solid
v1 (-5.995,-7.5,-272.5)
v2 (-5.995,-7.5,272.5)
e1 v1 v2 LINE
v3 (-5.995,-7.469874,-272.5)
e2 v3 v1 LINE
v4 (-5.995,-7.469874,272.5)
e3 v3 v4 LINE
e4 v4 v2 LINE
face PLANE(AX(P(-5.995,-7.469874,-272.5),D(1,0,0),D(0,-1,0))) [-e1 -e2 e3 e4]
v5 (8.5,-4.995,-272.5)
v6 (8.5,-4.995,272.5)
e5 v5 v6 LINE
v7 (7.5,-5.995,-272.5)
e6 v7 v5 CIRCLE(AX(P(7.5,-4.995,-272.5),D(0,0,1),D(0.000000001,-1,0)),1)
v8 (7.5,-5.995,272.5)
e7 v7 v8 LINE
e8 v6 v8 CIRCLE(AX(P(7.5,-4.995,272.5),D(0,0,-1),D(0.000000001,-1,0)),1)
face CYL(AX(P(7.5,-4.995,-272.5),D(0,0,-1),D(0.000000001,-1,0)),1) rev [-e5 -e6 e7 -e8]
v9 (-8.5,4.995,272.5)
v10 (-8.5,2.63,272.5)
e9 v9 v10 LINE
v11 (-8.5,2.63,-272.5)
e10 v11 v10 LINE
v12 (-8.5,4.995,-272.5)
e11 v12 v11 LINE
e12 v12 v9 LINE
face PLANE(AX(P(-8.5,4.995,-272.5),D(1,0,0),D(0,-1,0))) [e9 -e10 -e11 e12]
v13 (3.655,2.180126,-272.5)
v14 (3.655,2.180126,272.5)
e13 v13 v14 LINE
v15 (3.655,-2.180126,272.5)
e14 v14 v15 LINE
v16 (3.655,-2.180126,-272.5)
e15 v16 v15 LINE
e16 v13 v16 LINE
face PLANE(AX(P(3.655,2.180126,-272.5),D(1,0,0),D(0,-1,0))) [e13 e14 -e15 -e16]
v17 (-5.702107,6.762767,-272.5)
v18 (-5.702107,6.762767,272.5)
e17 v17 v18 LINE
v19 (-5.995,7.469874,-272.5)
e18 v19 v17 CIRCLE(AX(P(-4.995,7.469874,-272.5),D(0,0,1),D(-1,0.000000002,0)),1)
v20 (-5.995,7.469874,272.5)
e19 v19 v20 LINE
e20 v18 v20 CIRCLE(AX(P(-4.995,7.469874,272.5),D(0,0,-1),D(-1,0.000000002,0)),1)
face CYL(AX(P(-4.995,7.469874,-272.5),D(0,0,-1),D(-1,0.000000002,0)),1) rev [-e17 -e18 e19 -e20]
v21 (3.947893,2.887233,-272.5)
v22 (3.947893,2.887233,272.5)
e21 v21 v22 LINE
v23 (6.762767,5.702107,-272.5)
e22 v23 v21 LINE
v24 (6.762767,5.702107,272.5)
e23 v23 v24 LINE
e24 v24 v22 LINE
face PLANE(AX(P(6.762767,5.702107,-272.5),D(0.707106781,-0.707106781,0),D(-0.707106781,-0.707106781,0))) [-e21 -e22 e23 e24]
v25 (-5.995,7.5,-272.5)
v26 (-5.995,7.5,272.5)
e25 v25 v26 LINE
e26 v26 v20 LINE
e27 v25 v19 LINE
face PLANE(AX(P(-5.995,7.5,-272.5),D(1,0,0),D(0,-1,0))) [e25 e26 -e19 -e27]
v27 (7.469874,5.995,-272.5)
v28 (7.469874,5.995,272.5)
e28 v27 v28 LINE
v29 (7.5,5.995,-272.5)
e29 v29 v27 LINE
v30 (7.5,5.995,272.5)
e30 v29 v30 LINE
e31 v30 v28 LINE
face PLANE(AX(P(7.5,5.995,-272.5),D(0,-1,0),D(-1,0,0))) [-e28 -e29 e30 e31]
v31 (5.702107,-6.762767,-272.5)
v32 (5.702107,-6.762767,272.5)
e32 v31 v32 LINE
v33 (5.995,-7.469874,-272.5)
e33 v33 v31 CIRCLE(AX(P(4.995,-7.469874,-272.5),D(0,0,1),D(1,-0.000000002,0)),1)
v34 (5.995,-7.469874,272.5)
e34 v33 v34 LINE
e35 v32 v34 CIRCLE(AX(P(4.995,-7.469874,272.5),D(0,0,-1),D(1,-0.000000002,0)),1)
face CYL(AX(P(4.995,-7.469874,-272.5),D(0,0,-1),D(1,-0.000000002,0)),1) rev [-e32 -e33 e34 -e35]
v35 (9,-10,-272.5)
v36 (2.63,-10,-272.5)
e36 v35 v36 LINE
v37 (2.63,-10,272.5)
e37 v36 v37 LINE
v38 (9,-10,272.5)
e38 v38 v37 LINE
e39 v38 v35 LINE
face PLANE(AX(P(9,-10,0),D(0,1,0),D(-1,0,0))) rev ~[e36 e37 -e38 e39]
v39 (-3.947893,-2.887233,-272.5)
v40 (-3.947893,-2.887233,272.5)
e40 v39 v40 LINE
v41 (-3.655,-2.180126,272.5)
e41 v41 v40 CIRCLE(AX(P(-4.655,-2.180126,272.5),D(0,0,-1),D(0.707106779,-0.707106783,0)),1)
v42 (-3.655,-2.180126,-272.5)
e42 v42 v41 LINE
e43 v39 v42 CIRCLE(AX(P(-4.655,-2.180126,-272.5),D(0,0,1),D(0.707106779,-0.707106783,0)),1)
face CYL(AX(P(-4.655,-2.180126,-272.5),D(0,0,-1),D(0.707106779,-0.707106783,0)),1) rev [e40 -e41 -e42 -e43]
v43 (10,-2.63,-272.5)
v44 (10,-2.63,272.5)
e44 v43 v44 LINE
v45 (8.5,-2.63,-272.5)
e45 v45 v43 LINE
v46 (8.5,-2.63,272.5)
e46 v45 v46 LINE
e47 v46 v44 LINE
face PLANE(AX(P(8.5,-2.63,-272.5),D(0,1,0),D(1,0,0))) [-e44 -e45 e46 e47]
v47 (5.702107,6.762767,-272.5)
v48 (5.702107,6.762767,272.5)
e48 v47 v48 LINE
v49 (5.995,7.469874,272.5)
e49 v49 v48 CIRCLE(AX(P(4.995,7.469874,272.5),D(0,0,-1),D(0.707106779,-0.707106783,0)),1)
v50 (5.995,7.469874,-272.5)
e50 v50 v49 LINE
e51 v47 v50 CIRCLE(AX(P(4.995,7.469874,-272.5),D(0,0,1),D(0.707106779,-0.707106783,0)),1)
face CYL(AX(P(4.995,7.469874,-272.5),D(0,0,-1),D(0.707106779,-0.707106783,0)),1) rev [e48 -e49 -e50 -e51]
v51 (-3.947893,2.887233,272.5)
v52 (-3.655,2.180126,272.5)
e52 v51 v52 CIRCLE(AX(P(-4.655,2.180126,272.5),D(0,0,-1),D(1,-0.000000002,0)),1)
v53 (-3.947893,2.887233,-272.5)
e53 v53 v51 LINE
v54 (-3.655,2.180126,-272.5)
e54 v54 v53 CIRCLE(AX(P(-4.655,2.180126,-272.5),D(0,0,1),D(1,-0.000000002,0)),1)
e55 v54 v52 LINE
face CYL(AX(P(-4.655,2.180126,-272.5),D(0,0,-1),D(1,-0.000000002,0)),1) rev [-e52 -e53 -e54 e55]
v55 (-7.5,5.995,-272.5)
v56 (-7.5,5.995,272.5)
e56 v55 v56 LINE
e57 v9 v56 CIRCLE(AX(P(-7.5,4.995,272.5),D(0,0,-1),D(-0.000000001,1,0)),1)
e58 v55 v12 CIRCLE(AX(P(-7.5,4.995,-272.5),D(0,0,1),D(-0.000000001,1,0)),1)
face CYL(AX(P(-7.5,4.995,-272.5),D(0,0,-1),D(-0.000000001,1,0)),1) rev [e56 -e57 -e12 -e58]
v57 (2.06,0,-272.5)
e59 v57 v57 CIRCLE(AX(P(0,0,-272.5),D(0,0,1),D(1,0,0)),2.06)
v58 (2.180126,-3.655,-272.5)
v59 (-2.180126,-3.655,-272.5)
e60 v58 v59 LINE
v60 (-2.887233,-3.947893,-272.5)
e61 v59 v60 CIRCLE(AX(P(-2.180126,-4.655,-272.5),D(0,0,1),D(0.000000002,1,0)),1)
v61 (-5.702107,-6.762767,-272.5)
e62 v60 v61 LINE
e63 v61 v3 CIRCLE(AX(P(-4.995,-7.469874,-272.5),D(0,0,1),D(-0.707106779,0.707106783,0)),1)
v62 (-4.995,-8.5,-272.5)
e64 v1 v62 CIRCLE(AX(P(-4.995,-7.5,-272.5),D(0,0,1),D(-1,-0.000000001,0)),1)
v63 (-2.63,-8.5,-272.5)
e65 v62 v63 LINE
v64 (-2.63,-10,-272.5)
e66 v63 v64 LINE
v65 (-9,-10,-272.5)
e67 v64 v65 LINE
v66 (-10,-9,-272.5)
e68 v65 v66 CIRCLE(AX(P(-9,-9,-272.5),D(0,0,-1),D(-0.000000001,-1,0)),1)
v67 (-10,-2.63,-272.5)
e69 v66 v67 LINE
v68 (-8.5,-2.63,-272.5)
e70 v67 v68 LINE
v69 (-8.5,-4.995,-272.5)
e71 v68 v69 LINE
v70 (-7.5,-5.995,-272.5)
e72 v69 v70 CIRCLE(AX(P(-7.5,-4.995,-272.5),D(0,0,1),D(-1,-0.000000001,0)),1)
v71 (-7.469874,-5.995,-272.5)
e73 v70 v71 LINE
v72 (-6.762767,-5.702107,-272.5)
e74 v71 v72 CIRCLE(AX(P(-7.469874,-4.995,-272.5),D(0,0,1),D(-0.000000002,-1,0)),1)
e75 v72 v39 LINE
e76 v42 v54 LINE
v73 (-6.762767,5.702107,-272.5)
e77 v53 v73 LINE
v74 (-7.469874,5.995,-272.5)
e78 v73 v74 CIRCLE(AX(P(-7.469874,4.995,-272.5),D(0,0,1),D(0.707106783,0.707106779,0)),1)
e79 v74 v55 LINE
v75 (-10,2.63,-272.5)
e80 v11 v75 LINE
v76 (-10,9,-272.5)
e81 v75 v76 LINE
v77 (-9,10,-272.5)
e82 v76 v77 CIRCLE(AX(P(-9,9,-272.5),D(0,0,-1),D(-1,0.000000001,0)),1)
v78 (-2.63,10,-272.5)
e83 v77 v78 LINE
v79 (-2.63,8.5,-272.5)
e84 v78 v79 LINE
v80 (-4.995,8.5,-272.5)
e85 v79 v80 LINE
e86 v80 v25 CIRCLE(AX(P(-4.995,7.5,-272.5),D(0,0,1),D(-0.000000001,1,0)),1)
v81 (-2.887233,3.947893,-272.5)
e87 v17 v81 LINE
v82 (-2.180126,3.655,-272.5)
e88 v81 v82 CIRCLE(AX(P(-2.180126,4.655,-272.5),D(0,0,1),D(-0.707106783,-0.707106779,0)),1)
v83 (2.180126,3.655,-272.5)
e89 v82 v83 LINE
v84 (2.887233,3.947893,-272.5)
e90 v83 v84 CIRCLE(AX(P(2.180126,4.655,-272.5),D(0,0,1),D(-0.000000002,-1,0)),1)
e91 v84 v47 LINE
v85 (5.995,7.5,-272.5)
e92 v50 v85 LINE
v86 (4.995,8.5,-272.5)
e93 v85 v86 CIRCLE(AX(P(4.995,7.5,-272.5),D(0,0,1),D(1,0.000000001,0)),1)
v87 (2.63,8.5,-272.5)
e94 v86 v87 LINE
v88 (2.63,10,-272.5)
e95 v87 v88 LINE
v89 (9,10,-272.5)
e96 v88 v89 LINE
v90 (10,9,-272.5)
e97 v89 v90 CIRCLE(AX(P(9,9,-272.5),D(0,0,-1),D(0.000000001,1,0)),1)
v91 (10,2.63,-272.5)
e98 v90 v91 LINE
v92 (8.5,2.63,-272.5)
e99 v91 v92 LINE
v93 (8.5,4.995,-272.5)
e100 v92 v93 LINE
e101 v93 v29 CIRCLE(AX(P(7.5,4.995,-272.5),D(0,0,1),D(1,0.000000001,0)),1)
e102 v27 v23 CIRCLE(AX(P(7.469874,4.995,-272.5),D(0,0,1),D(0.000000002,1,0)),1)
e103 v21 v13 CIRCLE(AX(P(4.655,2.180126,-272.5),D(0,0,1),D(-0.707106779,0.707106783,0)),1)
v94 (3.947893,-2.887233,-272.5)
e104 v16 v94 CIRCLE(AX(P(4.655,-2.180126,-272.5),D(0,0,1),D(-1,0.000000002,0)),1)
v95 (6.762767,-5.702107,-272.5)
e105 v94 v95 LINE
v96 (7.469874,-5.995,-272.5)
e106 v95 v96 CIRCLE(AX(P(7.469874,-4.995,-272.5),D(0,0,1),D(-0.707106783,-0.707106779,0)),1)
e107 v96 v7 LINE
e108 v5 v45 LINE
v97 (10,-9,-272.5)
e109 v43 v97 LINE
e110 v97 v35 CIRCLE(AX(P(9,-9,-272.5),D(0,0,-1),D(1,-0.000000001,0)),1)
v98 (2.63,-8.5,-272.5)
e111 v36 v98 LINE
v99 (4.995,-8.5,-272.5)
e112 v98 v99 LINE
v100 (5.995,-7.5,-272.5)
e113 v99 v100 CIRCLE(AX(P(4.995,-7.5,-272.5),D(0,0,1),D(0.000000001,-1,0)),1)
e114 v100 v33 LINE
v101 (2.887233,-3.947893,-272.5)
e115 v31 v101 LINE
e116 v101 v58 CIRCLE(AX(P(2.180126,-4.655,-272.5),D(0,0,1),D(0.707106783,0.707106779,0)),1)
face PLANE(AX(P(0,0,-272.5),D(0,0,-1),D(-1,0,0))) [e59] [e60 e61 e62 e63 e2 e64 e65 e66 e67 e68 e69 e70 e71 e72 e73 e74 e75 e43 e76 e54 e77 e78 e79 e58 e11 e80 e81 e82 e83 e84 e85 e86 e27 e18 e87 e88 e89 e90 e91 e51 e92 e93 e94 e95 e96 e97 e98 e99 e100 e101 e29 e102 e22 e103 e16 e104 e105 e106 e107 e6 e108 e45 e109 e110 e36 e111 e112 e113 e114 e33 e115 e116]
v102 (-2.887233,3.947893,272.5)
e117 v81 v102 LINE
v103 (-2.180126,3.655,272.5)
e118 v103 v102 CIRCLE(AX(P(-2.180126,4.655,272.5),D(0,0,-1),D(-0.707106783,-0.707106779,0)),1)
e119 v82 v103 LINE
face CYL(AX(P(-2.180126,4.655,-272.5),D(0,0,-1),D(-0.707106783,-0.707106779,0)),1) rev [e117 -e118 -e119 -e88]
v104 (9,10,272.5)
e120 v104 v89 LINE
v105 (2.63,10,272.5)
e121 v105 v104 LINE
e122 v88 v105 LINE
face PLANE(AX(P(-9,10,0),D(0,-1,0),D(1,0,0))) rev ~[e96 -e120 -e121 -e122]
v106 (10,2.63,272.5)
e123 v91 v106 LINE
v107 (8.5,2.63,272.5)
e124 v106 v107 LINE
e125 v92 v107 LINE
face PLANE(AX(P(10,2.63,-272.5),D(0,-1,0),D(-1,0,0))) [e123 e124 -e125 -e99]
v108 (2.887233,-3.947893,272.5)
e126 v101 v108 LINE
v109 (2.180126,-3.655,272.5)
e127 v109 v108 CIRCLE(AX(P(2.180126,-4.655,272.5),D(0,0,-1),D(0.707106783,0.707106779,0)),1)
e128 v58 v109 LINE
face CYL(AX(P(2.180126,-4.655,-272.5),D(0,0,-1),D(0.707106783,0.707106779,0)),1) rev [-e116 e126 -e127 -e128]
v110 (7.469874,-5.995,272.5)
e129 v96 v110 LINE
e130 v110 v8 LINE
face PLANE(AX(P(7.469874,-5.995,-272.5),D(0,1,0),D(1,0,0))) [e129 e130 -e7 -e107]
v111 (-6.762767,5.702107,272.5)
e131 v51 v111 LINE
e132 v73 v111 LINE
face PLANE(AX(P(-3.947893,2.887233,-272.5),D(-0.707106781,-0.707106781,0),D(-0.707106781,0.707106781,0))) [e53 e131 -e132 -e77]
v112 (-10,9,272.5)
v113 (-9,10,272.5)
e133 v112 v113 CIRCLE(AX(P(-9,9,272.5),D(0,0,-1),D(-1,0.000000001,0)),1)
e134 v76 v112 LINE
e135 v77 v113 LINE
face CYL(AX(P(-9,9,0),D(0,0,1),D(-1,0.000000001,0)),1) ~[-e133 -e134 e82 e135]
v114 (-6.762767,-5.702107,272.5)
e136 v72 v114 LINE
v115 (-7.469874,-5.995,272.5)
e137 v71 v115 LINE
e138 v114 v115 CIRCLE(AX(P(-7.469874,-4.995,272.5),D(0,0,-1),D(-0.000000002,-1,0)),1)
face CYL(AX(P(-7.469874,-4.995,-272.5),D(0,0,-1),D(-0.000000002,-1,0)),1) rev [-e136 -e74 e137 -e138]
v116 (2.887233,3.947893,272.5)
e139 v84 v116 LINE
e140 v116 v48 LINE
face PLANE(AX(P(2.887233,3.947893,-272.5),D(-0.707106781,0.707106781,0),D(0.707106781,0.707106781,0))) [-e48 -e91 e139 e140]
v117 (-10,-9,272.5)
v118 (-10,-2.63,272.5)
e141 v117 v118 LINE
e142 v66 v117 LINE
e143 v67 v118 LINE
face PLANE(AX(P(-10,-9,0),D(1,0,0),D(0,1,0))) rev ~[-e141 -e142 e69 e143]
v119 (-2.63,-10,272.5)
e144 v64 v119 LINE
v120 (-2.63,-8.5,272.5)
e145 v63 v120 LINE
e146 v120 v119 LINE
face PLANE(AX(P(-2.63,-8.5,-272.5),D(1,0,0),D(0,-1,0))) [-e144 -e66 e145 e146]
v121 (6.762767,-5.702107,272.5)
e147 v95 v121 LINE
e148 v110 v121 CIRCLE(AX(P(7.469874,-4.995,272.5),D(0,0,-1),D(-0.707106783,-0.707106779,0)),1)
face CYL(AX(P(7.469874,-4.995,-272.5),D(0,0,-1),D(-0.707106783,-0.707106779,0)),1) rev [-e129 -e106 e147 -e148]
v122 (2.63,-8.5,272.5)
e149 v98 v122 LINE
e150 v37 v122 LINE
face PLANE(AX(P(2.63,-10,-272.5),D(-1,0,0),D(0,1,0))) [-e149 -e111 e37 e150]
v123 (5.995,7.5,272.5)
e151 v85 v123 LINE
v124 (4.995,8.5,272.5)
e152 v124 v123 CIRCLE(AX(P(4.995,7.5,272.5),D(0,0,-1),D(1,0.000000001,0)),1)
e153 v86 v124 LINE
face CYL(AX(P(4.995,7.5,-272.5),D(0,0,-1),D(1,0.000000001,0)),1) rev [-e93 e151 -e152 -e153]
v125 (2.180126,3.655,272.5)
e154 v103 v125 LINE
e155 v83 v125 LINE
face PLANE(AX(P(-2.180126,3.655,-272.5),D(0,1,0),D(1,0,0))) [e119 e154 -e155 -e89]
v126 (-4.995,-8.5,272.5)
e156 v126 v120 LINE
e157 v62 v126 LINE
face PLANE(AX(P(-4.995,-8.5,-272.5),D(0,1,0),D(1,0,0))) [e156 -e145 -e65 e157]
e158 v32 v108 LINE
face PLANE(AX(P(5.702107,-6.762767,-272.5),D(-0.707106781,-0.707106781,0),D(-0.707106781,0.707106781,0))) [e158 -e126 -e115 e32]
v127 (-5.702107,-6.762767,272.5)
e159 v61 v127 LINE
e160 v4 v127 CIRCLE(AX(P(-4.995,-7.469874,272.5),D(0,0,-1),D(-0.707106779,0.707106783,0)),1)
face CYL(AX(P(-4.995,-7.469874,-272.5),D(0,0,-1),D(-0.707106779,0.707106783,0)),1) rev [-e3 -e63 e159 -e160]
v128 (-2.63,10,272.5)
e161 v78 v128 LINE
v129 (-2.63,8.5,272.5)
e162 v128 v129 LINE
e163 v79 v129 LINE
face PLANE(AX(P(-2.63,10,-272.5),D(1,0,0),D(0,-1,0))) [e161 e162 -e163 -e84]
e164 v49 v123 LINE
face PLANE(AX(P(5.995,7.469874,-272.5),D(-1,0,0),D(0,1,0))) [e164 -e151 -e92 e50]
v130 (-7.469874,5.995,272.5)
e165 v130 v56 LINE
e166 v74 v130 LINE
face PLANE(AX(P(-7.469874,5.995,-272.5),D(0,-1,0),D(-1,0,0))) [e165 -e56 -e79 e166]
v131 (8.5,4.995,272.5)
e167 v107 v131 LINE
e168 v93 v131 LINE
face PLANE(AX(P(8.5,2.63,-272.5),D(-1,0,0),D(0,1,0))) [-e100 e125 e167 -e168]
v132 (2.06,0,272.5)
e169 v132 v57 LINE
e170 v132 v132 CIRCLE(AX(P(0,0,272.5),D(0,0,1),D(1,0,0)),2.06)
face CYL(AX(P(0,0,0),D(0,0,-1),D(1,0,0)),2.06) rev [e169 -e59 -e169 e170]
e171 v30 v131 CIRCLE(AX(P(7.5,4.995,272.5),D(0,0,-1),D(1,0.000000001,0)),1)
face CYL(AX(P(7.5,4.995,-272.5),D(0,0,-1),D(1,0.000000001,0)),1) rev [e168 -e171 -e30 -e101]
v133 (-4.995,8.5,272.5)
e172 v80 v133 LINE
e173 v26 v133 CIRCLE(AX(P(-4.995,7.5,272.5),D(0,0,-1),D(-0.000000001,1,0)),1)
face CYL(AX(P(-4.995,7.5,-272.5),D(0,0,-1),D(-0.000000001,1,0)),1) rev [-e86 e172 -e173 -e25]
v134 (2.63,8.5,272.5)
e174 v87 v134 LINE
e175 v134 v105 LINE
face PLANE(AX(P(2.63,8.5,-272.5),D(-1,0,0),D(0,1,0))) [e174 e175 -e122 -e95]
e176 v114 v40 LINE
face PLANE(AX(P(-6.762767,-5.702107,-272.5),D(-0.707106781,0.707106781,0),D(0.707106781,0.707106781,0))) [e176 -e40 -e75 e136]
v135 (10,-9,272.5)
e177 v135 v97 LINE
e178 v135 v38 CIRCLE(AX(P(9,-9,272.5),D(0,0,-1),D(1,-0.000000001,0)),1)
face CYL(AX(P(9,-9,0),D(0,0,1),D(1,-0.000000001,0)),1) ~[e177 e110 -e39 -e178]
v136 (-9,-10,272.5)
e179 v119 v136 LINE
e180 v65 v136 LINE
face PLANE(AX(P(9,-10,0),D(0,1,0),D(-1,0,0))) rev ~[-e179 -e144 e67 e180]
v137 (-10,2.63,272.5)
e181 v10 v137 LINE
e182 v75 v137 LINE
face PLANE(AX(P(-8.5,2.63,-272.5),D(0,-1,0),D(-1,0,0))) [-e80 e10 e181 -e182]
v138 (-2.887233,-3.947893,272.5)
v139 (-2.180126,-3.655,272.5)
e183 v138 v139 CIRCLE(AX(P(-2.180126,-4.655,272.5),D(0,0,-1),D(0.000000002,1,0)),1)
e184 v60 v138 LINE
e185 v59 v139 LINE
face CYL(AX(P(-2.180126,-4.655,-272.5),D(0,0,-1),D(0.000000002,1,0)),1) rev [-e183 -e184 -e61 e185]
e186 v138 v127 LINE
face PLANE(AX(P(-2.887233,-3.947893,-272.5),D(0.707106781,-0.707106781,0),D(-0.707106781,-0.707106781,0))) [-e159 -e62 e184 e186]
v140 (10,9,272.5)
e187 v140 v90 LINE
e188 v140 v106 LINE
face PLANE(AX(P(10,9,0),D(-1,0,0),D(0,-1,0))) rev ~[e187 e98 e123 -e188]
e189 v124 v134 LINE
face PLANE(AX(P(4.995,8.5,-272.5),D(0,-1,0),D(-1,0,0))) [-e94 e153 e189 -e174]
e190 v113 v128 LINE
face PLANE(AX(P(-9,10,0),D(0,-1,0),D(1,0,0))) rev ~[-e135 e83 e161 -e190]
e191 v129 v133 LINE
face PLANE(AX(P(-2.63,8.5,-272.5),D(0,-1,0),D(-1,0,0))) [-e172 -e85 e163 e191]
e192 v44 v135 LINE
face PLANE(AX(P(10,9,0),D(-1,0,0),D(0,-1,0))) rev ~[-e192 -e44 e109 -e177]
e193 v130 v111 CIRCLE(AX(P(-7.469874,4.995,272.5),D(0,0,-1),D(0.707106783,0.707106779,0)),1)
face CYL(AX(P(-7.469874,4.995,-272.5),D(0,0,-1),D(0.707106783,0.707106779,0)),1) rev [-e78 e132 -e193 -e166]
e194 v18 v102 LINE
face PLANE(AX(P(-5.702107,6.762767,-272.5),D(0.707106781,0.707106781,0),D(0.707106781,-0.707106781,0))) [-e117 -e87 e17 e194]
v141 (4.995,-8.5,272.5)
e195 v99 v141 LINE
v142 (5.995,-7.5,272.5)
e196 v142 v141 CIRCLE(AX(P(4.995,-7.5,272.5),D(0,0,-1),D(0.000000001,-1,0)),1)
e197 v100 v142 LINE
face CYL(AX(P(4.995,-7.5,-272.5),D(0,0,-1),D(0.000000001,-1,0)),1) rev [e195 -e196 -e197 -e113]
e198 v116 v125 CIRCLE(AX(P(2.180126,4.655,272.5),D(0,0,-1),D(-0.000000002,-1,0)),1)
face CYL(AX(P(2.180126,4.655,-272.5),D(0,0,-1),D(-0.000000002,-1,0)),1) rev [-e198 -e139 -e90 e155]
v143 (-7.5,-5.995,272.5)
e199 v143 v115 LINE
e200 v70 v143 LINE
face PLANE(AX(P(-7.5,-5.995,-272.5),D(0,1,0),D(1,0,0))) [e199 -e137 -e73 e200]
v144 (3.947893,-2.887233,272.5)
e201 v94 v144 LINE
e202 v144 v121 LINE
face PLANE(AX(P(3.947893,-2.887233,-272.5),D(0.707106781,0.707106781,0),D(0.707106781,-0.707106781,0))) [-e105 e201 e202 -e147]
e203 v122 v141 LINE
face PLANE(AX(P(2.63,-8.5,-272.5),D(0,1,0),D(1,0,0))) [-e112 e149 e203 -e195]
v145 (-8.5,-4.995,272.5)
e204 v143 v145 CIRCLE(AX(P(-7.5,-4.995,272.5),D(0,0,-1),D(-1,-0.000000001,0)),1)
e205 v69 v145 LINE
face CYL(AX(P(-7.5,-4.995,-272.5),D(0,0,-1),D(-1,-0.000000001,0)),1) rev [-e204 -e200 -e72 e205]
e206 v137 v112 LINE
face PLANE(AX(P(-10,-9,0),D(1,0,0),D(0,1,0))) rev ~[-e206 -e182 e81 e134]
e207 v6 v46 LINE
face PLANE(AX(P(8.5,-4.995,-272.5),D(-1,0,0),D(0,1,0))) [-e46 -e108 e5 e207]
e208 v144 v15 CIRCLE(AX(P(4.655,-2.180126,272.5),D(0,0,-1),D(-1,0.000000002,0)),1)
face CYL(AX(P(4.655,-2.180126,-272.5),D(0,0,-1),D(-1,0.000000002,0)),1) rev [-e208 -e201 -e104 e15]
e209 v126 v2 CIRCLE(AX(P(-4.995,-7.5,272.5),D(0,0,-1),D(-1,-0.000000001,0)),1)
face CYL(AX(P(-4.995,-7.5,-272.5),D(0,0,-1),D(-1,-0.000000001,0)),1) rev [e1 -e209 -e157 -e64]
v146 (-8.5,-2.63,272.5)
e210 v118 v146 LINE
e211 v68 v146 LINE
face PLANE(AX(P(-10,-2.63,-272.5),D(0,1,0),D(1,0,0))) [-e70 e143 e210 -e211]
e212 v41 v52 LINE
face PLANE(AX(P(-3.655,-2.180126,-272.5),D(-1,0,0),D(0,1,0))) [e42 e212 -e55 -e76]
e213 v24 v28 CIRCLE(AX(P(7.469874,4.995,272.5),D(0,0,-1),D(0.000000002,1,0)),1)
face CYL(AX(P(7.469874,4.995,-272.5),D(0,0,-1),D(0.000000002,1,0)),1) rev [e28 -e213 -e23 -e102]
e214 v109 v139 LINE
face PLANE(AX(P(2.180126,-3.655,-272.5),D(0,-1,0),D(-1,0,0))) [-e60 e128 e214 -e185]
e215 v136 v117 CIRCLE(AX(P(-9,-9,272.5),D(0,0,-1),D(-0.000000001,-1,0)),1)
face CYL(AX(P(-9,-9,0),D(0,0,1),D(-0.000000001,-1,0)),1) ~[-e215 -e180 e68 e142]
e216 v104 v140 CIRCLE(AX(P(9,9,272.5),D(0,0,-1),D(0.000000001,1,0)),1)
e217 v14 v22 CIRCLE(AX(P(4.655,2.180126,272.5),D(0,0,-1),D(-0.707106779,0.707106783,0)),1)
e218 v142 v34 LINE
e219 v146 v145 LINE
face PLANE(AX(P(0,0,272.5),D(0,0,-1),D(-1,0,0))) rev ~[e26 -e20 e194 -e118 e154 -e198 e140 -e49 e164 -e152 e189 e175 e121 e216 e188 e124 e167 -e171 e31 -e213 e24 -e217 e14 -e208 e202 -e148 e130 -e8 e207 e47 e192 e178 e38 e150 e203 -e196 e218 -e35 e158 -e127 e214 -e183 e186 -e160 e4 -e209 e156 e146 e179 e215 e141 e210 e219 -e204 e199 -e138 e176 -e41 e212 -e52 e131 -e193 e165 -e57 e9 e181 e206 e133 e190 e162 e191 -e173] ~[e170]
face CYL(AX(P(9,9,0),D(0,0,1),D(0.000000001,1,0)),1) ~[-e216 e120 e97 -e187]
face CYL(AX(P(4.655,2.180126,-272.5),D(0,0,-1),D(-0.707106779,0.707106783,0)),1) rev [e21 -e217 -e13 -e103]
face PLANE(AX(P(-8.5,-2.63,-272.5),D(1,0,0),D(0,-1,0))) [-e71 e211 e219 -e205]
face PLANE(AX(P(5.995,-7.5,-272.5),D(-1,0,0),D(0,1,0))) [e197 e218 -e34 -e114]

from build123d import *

# Parameters (mm, degrees)
SKETCH1_R           = 2.06
BOSS_EXTRUDE1_DEPTH = 272.5
CUT_EXTRUDE1_DEPTH  = 546
CIRPATTERN1_COUNT   = 4


with BuildPart() as part:
    # Sketch1 → Boss-Extrude1 (new body, symmetric)
    with BuildSketch(Plane.XY):
        with BuildLine():
            Line((-9, 10), (9, 10))
            ThreePointArc((9, 10), (9.707106781, 9.707106781), (10, 9))
            Line((10, 9), (10, -9))
            ThreePointArc((10, -9), (9.707106781, -9.707106781), (9, -10))
            Line((9, -10), (-9, -10))
            ThreePointArc((-9, -10), (-9.707106781, -9.707106781), (-10, -9))
            Line((-10, -9), (-10, 9))
            ThreePointArc((-10, 9), (-9.707106781, 9.707106781), (-9, 10))
        make_face()
        Circle(SKETCH1_R, mode=Mode.SUBTRACT)
    extrude(amount=BOSS_EXTRUDE1_DEPTH, both=True)

    # Sketch2 → Cut-Extrude1 (cut, through all)
    with BuildSketch(Plane(origin=(0, 0, -272.5), x_dir=(-1, 0, 0), z_dir=(0, 0, -1))):
        with BuildLine():
            Line((-10, 2.63), (-8.5, 2.63))
            Line((-8.5, 2.63), (-8.5, 4.995))
            ThreePointArc((-8.5, 4.995), (-8.207106781, 5.702106781), (-7.5, 5.995))
            Line((-7.5, 5.995), (-7.469873734, 5.995))
            ThreePointArc((-7.469873734, 5.995), (-7.087190302, 5.918879533), (-6.762766953, 5.702106781))
            Line((-6.762766953, 5.702106781), (-3.947893219, 2.887233047))
            ThreePointArc((-3.947893219, 2.887233047), (-3.731120467, 2.562809698), (-3.655, 2.180126266))
            Line((-3.655, 2.180126266), (-3.655, -2.180126266))
            ThreePointArc((-3.655, -2.180126266), (-3.731120467, -2.562809698), (-3.947893219, -2.887233047))
            Line((-3.947893219, -2.887233047), (-6.762766953, -5.702106781))
            ThreePointArc((-6.762766953, -5.702106781), (-7.087190302, -5.918879533), (-7.469873734, -5.995))
            Line((-7.469873734, -5.995), (-7.5, -5.995))
            ThreePointArc((-7.5, -5.995), (-8.207106781, -5.702106781), (-8.5, -4.995))
            Line((-8.5, -4.995), (-8.5, -2.63))
            Line((-8.5, -2.63), (-10, -2.63))
            Line((-10, -2.63), (-10, 2.63))
        make_face()
    cut_extrude1 = extrude(amount=-CUT_EXTRUDE1_DEPTH, mode=Mode.SUBTRACT)

    # CirPattern1: Cut-Extrude1 ×4 about axis
    cirpattern1_axis = Axis((0, 0, 0), (0, 0, 1))
    for i in range(1, CIRPATTERN1_COUNT):
        add(cut_extrude1.rotate(cirpattern1_axis, i * 360 / CIRPATTERN1_COUNT), mode=Mode.SUBTRACT)


solid = part.part
